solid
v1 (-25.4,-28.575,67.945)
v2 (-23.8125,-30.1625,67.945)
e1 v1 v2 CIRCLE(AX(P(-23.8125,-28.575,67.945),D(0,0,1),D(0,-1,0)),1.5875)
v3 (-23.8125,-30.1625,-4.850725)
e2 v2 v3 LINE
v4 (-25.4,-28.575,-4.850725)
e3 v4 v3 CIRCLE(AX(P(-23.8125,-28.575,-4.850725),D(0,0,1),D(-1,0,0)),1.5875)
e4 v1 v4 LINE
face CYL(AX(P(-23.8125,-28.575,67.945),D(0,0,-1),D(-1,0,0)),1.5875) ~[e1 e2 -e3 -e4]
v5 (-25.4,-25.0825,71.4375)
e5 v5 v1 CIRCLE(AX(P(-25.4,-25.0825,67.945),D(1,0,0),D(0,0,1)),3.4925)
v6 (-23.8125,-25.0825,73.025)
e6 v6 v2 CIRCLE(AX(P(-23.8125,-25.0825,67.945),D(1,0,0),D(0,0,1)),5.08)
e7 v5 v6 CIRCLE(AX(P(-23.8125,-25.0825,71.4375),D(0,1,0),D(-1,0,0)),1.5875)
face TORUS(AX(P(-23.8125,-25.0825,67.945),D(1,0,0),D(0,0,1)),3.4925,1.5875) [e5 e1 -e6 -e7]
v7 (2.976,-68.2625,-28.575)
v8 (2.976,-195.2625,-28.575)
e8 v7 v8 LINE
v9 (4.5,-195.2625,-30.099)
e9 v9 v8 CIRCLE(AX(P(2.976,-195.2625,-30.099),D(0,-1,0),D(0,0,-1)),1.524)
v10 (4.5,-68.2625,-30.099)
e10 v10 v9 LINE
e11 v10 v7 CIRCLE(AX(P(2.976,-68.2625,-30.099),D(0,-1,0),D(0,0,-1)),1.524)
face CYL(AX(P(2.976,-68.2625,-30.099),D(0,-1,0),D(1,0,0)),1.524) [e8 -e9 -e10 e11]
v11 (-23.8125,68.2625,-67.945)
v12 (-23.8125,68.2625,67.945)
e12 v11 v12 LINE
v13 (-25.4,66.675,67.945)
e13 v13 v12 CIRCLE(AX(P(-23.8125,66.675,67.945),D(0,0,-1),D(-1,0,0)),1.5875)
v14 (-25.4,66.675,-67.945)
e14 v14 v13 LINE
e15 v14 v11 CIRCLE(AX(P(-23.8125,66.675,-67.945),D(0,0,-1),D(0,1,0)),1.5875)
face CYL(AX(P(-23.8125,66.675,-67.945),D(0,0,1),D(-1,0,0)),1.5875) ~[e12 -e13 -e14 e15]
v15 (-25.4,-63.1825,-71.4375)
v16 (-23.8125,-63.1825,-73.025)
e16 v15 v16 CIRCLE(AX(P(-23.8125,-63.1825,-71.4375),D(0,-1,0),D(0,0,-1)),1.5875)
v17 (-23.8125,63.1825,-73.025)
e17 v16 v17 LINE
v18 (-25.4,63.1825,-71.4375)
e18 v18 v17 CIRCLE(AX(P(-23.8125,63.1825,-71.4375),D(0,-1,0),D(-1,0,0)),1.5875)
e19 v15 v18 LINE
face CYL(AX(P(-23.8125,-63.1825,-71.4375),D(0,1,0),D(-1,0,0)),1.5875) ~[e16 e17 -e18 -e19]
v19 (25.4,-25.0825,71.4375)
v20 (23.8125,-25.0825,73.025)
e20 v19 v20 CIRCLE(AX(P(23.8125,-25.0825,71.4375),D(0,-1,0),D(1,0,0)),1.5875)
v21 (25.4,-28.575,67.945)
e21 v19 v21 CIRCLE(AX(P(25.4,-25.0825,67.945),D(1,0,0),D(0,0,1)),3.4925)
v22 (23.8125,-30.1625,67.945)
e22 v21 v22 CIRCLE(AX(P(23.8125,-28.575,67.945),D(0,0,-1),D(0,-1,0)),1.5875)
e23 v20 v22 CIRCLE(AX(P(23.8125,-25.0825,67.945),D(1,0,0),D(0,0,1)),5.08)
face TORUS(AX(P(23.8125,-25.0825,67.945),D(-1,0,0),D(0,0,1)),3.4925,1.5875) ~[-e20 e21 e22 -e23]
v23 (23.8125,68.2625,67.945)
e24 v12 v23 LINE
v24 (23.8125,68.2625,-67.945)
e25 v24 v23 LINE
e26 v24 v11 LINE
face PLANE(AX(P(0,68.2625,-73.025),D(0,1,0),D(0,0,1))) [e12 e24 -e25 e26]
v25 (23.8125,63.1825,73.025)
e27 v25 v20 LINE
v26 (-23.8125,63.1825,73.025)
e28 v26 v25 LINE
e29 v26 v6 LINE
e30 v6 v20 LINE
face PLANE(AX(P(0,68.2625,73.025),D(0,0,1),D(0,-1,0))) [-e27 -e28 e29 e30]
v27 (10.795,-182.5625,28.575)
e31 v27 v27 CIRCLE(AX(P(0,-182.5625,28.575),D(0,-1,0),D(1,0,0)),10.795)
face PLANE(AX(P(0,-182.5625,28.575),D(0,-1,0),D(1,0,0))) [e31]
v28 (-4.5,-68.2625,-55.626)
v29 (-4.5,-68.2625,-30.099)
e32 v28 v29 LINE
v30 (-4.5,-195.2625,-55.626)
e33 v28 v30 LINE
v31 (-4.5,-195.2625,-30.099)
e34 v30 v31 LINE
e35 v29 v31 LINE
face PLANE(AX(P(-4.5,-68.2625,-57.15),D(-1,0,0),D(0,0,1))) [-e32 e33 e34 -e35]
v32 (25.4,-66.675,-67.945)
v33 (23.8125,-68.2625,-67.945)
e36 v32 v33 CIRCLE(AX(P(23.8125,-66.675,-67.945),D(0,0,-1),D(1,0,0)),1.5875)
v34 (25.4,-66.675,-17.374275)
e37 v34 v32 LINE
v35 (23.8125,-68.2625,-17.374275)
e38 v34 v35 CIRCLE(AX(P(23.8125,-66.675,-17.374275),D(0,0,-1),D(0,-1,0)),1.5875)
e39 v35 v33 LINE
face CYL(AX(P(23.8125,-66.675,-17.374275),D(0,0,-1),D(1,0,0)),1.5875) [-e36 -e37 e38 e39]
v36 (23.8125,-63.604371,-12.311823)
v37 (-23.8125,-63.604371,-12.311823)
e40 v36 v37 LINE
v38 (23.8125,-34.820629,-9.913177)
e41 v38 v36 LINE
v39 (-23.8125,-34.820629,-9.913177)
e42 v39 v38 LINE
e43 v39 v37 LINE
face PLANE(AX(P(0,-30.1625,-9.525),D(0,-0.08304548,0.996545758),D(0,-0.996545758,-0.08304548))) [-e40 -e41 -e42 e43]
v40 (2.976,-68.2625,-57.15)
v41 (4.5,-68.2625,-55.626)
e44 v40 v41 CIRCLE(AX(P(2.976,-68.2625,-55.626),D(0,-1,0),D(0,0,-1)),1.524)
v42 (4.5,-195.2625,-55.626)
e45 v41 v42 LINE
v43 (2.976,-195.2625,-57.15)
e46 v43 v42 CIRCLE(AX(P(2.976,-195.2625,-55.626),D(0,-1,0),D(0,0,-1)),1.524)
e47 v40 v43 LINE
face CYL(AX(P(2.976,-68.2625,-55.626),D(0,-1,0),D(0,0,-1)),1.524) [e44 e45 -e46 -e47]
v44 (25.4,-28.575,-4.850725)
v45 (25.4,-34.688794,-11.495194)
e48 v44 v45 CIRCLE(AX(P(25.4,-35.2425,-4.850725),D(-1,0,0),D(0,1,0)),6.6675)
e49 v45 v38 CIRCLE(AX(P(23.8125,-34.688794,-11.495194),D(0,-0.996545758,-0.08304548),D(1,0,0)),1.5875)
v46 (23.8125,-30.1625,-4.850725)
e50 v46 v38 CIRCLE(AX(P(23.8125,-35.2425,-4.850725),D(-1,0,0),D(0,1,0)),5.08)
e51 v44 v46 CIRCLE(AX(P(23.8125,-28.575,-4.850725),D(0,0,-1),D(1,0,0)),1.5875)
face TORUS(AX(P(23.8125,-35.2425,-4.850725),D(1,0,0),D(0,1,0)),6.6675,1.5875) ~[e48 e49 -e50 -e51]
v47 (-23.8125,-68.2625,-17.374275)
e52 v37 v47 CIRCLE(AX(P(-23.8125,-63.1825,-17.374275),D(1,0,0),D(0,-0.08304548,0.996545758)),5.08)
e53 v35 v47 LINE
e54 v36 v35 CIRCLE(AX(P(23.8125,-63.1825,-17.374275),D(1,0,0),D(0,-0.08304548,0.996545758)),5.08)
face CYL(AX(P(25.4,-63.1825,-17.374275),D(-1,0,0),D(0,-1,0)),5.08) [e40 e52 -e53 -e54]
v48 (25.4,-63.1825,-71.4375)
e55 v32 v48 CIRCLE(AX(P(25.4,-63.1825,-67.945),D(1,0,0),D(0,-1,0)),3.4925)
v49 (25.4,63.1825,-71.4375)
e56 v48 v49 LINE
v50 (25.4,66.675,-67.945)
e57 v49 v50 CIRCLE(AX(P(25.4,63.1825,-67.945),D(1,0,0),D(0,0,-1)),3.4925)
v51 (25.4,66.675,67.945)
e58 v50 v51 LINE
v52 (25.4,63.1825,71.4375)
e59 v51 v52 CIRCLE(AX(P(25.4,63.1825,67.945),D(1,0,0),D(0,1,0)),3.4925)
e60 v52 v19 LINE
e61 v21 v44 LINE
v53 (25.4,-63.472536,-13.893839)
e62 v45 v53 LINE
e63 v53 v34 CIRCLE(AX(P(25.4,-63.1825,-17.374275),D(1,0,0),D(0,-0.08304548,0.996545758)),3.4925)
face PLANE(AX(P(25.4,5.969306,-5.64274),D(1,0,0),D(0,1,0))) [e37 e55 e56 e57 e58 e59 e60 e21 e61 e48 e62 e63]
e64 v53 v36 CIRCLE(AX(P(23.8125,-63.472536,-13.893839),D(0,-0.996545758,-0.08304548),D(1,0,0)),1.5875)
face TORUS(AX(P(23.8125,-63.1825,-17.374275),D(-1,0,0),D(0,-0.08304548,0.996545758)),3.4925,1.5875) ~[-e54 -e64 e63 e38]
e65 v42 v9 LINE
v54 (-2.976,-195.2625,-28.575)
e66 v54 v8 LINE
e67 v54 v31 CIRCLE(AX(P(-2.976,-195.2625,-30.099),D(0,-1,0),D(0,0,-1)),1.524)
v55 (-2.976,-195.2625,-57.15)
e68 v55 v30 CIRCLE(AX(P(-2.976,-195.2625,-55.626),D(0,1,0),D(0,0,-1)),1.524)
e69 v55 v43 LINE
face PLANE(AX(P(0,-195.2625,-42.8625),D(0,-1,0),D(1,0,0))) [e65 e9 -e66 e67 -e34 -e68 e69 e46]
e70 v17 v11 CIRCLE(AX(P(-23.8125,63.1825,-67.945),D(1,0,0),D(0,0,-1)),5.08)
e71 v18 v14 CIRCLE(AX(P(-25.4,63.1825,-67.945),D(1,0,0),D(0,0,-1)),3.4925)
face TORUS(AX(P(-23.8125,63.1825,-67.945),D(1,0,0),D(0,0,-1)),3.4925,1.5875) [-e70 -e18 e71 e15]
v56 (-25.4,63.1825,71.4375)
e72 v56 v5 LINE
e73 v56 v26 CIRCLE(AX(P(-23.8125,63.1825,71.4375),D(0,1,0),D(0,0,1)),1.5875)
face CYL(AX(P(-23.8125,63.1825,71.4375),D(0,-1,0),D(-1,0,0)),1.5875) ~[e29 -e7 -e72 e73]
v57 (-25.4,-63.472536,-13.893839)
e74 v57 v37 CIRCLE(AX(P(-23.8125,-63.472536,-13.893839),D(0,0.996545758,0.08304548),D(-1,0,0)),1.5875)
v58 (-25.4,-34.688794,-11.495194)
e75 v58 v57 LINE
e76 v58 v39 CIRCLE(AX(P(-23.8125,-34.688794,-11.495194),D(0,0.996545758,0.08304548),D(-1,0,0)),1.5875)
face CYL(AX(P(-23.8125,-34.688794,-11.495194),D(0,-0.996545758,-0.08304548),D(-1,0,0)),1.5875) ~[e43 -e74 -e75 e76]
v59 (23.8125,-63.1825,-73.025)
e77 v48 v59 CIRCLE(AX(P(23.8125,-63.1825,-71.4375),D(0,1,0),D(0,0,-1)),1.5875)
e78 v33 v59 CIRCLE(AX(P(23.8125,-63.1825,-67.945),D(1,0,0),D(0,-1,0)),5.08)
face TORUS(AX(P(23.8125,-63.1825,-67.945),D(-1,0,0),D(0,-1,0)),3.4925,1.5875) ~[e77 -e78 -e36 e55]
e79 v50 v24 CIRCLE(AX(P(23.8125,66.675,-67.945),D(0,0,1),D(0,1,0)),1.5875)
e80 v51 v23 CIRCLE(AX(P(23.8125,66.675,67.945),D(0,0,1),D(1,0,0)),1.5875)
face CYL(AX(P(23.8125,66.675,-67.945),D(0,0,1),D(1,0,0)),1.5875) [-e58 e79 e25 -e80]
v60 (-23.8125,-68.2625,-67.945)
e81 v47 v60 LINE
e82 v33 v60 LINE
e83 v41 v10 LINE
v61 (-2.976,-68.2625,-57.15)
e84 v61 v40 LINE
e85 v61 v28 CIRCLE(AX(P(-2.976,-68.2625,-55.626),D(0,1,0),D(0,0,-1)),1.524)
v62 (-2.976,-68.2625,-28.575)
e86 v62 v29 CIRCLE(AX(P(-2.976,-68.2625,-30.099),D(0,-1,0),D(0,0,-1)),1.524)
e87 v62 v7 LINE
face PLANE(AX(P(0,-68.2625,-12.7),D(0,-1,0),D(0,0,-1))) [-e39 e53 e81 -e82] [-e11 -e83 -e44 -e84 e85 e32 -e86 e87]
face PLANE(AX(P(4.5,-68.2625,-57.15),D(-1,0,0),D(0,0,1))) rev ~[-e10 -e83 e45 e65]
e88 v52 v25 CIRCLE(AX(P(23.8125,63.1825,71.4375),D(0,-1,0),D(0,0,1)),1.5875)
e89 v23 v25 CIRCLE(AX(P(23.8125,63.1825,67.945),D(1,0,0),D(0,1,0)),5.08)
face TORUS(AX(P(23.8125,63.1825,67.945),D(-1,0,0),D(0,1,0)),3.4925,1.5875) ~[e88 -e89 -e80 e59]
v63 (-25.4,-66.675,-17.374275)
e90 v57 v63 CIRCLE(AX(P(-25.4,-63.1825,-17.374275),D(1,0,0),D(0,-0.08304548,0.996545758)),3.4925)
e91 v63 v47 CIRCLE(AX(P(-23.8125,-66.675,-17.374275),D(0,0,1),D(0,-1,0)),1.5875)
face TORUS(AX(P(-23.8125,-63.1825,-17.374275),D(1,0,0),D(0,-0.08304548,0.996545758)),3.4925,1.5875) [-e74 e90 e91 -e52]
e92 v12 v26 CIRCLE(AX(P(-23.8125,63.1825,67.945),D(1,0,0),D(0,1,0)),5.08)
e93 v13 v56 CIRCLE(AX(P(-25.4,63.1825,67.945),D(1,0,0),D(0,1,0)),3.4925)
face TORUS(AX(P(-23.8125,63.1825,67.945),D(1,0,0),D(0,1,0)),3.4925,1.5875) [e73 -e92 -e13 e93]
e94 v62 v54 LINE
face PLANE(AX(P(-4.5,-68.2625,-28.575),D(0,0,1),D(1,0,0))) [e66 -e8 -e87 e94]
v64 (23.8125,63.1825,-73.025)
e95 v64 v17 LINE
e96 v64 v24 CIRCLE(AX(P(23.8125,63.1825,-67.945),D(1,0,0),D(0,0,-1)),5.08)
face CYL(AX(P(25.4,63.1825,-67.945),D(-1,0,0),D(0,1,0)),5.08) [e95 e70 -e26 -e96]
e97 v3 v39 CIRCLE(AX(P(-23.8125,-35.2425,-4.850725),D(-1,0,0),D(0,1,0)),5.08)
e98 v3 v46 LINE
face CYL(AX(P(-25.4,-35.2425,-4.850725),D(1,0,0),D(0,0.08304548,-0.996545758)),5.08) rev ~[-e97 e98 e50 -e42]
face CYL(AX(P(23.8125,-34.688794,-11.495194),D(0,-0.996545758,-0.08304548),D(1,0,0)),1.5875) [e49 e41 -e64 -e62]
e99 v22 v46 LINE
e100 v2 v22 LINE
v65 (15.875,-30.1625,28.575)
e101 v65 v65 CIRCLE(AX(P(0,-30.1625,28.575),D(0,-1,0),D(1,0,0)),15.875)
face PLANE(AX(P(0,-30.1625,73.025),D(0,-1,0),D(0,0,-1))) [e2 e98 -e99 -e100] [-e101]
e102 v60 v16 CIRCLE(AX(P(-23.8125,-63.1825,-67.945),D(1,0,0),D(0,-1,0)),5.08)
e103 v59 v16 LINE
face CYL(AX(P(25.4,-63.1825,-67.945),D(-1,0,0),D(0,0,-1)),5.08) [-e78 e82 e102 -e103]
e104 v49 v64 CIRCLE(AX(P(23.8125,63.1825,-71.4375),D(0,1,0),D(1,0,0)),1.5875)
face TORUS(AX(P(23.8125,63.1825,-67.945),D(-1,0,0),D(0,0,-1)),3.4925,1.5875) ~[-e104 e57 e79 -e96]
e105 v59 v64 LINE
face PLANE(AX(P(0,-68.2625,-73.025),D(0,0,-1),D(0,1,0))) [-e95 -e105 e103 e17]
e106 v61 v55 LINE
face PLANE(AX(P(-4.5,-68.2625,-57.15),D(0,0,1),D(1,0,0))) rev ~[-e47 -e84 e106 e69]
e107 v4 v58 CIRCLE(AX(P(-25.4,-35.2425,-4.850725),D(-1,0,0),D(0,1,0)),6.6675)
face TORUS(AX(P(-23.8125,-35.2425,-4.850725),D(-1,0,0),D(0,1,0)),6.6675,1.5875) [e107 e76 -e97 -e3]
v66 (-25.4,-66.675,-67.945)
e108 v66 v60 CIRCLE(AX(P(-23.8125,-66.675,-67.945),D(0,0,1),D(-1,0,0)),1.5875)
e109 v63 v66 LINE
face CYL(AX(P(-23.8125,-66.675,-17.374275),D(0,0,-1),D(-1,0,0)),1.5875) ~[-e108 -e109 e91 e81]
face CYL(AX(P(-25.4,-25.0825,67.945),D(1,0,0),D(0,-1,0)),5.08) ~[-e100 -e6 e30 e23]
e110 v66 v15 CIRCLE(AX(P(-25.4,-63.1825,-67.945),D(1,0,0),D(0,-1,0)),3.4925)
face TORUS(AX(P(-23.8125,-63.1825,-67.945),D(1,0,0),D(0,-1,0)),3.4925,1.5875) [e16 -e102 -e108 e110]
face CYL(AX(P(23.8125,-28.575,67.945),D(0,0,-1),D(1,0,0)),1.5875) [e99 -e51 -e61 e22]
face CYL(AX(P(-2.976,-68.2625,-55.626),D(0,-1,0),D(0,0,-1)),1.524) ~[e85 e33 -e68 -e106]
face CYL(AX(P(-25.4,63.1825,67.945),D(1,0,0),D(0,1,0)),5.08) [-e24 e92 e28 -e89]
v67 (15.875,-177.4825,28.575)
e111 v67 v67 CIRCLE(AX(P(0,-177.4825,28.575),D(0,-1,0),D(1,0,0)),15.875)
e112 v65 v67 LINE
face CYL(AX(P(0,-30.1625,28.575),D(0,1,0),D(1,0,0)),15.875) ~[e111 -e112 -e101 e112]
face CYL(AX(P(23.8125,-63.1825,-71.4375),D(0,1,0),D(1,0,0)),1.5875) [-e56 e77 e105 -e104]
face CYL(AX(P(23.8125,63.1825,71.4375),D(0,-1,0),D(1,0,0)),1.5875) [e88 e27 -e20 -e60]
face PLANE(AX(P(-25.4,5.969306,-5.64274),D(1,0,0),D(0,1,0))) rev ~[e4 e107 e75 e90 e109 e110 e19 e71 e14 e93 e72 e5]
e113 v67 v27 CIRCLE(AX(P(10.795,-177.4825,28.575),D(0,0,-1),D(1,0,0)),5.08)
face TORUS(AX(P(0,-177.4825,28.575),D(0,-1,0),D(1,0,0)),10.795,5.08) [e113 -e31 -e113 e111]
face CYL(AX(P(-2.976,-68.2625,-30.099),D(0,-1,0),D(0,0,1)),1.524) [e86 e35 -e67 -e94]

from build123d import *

# Parameters (mm, degrees)
F1_DEPTH = 25.4
F2_R     = 5.08
F3_R     = 1.5875
F4_W     = 9
F4_H     = 28.575
F5_DEPTH = 127
F6_R     = 1.524
F7_R     = 15.875
F8_DEPTH = 152.4
F9_R     = 5.08


with BuildPart() as f1:
    # F0 (on Right) → F1 (new body, symmetric)
    with BuildSketch(Plane.YZ):
        Polygon((68.2625, -73.025), (68.2625, 73.025), (-30.1625, 73.025), (-30.1625, -9.525), (-68.2625, -12.7), (-68.2625, -73.025), align=None)
    extrude(amount=F1_DEPTH, both=True)

    # F2
    f2_edges = [f1.edges().sort_by_distance(p)[0] for p in [
        (0, -68.2625, -12.7),
        (0, -30.1625, -9.525),
        (0, -30.1625, 73.025),
        (0, 68.2625, 73.025),
        (0, 68.2625, -73.025),
        (0, -68.2625, -73.025),
    ]]
    fillet(f2_edges, radius=F2_R)

    # F3
    f3_edges = [f1.edges().sort_by_distance(p)[0] for p in [
        (25.4, -49.2125, -11.1125),
        (-25.4, -49.2125, -11.1125),
    ]]
    fillet(f3_edges, radius=F3_R)

    # F4 (on face) → F5 (join)
    with BuildSketch(Plane.XZ.offset(68.2625)):
        with Locations((0, -42.8625)):
            Rectangle(F4_W, F4_H)
    extrude(amount=F5_DEPTH)

    # F6
    f6_edges = [f1.edges().sort_by_distance(p)[0] for p in [
        (4.5, -131.7625, -28.575),
        (-4.5, -131.7625, -28.575),
        (4.5, -131.7625, -57.15),
        (-4.5, -131.7625, -57.15),
    ]]
    fillet(f6_edges, radius=F6_R)

    # F7 (on face) → F8 (join)
    with BuildSketch(Plane.XZ.offset(30.1625)):
        with Locations((0, 28.575)):
            Circle(F7_R)
    extrude(amount=F8_DEPTH)

    # F9
    f9_edges = [f1.edges().sort_by_distance(p)[0] for p in [
        (-15.875, -182.5625, 28.575),
    ]]
    fillet(f9_edges, radius=F9_R)


solid = f1.part
